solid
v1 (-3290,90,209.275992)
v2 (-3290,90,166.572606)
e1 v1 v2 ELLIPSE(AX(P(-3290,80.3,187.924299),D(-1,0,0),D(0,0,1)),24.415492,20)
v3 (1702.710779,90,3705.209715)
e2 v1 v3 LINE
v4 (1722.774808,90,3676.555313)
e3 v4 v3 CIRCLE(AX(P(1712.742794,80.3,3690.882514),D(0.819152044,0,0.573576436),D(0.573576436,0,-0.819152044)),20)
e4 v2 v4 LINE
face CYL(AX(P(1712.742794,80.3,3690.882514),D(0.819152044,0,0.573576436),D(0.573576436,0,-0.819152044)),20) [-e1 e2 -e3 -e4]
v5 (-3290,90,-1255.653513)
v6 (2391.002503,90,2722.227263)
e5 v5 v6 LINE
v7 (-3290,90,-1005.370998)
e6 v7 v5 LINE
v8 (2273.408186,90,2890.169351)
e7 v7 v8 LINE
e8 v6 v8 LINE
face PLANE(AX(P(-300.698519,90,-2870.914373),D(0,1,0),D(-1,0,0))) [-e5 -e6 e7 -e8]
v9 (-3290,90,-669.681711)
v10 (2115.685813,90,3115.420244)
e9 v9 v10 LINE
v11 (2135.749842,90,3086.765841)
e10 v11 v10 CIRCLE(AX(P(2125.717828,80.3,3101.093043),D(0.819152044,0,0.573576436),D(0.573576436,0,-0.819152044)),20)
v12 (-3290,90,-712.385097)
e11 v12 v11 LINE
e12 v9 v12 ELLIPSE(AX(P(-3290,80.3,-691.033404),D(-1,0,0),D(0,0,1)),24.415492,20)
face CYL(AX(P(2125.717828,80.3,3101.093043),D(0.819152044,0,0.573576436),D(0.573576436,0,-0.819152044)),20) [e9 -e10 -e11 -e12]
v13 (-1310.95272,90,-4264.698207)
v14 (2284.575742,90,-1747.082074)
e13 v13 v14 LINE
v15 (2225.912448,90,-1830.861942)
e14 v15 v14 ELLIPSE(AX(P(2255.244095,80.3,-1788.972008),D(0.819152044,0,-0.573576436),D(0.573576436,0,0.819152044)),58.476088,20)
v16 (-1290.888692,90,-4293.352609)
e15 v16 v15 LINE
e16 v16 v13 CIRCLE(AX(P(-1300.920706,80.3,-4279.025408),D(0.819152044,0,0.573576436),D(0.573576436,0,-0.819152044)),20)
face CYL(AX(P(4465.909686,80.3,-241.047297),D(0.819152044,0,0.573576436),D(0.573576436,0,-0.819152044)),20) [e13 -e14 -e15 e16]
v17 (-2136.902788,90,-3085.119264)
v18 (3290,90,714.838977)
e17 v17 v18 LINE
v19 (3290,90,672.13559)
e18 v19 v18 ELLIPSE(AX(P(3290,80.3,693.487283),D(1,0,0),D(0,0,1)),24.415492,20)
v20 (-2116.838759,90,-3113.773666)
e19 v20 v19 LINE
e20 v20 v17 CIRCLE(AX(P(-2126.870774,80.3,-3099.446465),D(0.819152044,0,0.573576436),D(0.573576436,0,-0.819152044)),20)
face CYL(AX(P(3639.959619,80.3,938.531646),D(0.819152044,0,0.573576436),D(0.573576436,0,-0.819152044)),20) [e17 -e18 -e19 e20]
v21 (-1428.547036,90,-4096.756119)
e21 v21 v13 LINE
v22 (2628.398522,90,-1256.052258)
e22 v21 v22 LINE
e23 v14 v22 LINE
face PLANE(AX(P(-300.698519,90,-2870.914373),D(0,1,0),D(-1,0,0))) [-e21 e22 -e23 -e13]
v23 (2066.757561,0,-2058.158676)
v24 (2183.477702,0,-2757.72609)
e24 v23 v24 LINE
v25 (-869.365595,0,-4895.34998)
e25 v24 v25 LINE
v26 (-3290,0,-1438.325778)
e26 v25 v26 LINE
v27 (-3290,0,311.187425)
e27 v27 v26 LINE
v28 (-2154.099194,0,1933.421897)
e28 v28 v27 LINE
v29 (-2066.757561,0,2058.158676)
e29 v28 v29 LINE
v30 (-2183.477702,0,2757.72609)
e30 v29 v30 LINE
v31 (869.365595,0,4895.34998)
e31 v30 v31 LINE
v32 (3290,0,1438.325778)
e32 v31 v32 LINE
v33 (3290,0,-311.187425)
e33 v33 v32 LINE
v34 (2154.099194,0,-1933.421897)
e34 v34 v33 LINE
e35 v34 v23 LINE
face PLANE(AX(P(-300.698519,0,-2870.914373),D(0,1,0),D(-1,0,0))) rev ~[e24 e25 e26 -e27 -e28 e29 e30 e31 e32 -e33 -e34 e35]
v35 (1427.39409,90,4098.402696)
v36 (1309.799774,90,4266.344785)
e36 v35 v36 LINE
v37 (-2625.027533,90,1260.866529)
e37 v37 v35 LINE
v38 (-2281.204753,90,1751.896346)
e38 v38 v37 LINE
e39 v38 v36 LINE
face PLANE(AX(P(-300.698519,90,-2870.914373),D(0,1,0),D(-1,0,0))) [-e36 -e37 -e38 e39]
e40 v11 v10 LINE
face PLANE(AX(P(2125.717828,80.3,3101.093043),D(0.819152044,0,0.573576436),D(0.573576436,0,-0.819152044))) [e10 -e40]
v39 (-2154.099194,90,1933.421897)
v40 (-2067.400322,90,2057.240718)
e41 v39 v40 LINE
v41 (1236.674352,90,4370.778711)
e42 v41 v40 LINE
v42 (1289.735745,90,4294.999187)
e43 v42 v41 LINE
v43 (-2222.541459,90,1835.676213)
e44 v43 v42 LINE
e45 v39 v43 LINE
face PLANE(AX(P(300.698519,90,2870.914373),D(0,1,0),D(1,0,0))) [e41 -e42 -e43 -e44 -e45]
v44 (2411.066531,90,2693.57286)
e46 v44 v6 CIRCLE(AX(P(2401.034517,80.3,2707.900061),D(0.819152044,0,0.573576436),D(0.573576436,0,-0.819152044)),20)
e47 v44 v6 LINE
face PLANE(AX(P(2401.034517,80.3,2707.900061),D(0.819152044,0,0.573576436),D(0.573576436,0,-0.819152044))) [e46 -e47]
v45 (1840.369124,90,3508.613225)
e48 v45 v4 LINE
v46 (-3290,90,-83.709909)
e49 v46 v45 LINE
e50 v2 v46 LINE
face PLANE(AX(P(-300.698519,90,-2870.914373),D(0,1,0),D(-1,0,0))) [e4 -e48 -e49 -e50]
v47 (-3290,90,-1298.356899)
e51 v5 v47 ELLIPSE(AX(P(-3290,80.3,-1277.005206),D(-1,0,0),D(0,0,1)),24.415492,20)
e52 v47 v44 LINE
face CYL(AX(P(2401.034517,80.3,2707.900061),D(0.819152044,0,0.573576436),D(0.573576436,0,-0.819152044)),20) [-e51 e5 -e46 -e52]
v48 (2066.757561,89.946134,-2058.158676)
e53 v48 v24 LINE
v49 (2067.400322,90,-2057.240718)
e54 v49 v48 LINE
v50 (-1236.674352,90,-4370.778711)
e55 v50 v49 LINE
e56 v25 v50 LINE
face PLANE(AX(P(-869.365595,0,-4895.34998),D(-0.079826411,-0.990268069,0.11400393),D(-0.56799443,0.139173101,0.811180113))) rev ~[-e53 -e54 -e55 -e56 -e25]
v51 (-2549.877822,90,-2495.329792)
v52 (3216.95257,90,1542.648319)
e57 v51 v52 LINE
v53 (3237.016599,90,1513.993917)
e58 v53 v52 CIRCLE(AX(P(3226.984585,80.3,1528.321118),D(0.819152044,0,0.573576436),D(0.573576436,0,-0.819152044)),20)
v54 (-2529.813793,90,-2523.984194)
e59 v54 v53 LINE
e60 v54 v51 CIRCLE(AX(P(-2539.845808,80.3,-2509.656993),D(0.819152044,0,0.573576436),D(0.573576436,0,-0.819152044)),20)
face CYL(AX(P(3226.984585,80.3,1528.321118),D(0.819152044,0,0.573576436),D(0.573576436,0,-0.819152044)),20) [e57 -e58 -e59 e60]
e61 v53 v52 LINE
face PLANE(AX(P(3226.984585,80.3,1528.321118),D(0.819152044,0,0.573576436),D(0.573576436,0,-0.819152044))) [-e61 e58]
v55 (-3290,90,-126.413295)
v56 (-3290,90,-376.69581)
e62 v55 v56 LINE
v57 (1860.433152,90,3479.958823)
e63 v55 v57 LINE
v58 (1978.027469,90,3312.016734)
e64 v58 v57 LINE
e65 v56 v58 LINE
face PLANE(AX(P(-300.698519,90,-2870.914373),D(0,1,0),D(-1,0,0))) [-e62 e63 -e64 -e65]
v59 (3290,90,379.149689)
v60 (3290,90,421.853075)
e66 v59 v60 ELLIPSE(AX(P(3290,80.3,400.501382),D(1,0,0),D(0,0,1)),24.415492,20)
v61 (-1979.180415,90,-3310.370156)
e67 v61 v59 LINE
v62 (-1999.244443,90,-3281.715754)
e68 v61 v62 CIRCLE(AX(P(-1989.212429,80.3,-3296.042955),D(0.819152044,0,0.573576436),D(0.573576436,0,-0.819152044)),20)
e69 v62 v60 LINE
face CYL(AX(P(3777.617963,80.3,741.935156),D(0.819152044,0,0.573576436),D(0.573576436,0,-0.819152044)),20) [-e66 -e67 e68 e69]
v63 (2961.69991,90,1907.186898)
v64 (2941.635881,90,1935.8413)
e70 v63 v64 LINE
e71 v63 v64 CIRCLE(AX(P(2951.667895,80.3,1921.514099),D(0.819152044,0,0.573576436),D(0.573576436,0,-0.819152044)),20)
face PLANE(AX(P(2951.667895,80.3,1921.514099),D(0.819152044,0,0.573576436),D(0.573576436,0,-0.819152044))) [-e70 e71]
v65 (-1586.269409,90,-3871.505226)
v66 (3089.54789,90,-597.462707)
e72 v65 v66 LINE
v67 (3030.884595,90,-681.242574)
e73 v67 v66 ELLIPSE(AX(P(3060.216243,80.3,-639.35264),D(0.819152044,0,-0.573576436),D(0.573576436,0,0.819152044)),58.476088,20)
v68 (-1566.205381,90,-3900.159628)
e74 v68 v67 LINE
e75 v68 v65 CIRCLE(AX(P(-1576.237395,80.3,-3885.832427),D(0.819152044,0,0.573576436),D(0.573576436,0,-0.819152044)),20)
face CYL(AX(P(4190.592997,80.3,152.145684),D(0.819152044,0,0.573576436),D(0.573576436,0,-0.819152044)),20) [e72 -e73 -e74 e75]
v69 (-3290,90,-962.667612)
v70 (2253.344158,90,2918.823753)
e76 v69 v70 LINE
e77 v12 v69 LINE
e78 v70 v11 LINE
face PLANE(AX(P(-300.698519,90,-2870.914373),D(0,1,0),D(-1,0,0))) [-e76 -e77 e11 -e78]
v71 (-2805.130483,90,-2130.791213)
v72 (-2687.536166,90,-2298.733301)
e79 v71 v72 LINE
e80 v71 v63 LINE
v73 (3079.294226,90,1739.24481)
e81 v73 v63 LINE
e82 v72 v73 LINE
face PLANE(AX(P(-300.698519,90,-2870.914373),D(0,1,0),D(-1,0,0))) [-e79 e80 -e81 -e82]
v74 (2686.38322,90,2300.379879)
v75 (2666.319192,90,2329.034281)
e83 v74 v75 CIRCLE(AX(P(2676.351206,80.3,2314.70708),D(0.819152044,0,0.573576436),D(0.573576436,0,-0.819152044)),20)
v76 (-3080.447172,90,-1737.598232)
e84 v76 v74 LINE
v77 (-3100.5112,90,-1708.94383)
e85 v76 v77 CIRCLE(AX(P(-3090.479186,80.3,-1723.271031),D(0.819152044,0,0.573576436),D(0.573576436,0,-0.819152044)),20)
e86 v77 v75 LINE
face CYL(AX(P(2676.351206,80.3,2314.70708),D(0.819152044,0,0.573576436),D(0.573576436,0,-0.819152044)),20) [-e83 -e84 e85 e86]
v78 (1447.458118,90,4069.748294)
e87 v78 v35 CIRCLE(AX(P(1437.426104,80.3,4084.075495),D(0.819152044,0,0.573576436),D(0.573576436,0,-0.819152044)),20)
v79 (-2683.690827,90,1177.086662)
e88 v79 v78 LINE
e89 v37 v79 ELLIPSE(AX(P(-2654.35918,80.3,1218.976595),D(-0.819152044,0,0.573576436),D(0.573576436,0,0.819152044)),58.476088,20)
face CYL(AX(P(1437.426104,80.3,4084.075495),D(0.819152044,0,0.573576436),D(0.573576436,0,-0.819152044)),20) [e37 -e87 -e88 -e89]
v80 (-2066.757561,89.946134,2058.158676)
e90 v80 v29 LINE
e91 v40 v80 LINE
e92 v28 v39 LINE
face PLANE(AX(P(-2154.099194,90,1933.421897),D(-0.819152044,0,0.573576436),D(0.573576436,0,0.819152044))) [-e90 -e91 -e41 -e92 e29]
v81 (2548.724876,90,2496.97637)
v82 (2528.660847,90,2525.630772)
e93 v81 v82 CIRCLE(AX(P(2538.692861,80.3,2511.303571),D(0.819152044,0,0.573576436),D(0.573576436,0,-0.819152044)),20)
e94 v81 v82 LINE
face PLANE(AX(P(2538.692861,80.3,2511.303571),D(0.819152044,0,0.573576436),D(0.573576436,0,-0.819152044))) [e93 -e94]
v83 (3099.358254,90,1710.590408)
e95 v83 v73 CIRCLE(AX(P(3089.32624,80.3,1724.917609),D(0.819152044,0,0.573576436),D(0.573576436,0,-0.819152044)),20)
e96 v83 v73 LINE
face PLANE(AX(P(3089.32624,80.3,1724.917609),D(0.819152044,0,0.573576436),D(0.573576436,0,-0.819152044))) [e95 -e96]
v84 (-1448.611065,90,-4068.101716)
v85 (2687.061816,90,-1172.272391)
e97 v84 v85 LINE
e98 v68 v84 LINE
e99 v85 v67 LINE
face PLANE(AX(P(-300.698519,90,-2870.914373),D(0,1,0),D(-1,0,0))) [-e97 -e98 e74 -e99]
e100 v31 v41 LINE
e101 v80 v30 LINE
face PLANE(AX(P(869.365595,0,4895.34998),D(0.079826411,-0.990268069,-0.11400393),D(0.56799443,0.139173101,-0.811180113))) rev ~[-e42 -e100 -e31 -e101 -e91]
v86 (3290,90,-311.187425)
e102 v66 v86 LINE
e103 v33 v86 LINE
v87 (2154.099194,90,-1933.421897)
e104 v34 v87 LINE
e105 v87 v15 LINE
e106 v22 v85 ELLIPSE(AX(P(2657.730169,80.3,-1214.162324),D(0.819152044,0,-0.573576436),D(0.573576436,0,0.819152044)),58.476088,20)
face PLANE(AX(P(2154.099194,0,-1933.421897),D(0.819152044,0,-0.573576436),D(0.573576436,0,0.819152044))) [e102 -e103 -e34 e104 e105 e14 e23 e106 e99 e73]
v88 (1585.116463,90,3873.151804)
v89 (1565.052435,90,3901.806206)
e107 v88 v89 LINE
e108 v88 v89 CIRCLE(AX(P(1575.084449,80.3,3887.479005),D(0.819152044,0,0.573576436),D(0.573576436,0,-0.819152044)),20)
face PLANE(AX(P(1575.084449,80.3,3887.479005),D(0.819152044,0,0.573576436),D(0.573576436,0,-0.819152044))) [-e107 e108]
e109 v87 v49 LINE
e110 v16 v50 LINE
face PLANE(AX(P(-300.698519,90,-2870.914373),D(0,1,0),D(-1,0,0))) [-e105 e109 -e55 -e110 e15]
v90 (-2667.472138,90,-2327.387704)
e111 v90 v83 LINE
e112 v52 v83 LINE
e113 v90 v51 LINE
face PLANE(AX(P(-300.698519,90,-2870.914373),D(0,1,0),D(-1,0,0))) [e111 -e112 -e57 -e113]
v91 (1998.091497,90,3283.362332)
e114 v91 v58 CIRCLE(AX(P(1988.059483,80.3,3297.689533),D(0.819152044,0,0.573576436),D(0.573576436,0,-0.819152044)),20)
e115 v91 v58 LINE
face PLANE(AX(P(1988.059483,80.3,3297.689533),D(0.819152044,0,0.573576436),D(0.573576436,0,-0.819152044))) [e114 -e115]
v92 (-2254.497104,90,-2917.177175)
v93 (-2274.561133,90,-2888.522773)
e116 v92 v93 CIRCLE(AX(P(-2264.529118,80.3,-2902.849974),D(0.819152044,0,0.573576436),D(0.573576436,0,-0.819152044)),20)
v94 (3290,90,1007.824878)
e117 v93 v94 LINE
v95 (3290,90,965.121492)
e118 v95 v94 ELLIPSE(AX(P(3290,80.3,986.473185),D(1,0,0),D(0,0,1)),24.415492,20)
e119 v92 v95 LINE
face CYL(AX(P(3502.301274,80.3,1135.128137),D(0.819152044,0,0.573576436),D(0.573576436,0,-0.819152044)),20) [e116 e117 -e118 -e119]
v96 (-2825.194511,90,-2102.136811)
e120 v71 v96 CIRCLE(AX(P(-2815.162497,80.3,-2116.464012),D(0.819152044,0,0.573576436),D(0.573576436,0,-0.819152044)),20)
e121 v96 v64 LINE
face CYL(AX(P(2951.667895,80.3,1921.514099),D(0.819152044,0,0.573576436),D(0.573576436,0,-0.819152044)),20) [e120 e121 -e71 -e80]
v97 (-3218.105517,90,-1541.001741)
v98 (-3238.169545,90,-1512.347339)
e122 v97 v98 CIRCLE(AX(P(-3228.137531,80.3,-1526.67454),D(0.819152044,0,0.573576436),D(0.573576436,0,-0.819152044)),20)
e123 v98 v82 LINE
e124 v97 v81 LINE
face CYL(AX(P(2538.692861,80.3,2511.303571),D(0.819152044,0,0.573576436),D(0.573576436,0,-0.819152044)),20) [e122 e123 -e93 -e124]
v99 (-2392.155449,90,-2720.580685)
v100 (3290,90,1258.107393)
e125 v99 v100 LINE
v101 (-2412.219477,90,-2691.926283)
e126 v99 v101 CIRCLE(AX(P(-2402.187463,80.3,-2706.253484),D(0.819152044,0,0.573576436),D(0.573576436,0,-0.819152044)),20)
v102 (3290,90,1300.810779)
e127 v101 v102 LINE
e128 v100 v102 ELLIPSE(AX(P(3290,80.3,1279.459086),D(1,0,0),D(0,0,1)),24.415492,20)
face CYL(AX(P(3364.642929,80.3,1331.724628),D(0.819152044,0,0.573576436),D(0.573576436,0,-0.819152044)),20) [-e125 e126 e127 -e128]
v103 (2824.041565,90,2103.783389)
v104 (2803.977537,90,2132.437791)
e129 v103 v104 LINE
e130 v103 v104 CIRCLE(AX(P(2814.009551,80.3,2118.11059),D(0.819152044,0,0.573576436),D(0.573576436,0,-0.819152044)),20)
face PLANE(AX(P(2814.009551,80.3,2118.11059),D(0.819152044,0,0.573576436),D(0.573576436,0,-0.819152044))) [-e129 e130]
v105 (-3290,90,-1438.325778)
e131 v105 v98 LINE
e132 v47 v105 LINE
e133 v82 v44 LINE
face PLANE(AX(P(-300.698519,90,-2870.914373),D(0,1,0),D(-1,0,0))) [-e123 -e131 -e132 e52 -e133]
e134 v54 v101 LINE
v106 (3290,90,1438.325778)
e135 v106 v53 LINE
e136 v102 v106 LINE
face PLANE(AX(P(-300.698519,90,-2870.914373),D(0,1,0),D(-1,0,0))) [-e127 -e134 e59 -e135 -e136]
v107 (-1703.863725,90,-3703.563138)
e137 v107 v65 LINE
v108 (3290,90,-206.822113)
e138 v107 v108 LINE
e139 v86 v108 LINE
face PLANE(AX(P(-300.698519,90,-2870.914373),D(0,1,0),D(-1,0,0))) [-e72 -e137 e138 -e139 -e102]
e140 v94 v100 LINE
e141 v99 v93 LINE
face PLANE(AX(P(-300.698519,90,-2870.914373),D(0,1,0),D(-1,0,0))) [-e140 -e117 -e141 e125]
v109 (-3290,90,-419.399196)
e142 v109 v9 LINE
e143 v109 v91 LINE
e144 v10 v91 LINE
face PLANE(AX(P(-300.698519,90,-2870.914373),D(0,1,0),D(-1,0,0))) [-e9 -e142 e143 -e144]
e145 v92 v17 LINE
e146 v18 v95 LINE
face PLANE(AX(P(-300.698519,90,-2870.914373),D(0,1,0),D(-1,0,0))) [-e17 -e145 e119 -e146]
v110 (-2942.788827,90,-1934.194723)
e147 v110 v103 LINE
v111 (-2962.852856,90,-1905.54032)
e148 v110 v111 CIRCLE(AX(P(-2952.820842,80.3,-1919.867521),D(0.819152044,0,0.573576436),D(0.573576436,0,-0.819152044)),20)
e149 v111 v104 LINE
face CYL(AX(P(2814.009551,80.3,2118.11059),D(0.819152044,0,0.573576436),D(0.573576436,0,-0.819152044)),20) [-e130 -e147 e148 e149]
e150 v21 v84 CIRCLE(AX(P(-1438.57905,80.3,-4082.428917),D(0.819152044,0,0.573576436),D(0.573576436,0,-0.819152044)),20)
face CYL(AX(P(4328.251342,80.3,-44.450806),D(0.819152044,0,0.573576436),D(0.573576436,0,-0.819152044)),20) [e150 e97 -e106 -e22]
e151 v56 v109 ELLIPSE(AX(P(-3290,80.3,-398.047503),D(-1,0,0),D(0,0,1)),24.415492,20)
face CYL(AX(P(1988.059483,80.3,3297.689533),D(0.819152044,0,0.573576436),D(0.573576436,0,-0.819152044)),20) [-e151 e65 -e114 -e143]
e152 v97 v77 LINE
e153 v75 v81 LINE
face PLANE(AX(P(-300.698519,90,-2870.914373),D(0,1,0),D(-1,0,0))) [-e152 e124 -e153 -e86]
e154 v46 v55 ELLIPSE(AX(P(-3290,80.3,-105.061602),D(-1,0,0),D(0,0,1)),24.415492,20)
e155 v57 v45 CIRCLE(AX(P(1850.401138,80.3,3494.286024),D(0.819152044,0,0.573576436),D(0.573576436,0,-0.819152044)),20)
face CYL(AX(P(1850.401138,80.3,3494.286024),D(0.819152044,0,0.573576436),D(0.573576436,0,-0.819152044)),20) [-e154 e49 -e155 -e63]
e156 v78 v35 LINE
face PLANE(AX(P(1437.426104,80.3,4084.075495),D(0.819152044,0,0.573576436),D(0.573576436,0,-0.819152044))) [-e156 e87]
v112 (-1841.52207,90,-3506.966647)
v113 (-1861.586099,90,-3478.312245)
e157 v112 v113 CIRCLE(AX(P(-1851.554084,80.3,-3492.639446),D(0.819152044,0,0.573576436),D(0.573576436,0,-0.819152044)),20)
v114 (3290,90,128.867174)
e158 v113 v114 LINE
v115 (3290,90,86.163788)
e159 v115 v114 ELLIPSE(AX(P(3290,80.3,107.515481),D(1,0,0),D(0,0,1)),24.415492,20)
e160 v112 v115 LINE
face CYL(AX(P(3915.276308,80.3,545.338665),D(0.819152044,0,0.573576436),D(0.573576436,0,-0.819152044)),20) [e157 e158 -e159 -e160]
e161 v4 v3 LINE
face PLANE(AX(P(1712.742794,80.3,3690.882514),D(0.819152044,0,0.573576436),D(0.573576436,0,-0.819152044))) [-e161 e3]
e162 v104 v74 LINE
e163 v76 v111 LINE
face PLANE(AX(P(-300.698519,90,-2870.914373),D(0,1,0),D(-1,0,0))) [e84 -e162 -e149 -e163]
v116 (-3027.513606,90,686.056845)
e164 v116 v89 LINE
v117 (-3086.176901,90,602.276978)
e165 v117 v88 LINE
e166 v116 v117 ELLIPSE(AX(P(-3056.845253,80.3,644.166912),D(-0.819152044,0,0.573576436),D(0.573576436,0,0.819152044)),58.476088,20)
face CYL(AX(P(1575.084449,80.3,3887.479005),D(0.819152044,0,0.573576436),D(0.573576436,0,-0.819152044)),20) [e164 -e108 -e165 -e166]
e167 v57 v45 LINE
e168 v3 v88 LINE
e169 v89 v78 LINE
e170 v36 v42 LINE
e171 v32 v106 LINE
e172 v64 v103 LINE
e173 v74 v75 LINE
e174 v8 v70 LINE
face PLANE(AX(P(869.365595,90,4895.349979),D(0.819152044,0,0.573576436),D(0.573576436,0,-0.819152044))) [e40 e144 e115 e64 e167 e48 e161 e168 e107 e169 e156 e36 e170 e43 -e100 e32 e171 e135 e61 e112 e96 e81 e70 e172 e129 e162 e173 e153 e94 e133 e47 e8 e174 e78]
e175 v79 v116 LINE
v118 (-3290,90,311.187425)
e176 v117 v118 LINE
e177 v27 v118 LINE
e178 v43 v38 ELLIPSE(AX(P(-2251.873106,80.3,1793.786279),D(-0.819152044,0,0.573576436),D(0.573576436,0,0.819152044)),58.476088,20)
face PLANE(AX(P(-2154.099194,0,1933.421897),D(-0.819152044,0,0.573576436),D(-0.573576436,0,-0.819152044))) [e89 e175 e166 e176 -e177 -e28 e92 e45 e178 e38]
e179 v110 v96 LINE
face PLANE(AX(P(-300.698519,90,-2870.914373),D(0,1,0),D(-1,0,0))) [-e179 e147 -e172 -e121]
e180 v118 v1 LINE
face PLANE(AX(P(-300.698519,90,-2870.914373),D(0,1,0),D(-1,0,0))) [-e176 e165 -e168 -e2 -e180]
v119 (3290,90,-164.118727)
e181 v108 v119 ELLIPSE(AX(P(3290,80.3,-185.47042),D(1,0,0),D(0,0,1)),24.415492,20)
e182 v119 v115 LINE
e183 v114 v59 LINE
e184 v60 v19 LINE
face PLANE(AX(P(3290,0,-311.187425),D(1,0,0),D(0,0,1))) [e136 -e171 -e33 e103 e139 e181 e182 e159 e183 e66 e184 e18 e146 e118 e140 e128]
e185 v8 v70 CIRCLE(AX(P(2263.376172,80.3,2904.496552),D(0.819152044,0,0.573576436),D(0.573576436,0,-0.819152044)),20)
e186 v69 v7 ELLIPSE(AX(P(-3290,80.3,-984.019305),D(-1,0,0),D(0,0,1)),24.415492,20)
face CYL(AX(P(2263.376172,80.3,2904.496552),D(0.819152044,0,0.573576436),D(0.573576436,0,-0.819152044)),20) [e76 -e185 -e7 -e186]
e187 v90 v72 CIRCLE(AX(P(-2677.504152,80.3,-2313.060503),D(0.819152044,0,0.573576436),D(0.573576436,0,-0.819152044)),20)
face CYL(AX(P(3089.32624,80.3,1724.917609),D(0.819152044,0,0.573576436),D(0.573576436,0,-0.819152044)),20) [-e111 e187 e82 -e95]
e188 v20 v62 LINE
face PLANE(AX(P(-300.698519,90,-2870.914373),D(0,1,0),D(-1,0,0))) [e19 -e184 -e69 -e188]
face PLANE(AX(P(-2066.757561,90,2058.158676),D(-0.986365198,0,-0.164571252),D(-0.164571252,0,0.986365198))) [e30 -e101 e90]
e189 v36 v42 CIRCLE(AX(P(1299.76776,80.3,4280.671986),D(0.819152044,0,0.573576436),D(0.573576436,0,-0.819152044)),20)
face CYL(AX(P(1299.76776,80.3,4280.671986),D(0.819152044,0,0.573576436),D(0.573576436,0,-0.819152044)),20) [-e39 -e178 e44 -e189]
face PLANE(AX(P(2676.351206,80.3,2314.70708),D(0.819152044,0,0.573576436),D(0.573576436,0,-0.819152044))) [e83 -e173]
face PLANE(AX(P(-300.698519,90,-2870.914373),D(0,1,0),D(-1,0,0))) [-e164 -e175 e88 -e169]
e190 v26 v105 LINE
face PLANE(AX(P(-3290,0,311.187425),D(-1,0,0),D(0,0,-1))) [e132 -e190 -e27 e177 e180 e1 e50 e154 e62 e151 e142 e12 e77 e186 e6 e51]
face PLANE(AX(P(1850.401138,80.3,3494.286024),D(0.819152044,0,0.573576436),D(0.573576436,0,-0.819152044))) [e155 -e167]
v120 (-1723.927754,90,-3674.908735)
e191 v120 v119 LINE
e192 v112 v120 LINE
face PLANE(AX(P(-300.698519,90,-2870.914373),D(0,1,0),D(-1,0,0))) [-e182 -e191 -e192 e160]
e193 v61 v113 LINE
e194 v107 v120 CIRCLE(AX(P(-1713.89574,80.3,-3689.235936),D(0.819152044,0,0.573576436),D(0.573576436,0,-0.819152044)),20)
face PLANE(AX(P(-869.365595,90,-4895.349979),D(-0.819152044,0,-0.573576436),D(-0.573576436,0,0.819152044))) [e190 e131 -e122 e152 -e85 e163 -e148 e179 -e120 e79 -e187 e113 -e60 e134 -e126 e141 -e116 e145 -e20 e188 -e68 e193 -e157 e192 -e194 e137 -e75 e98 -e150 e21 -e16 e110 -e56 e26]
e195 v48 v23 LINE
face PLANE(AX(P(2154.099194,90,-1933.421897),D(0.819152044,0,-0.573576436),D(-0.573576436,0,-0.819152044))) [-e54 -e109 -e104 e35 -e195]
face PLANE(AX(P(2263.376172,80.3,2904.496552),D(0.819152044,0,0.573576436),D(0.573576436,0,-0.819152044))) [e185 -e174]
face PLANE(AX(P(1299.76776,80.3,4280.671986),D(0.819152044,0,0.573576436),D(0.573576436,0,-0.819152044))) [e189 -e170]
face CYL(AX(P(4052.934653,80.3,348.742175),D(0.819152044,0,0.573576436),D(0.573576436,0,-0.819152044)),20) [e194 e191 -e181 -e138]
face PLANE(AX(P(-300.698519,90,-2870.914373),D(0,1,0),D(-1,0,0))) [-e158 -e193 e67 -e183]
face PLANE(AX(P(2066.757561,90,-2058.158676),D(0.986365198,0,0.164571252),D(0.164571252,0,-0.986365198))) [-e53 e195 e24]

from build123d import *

# Parameters (mm, degrees)
EXTRUDE_1_DEPTH          = 90
EXTRUDE_2_DEPTH          = 90
CUT_EXTRUDE_1_DEPTH      = 7594.314402262
PATTERN_CIRCULAR_2_COUNT = 2
SKETCH_9_R               = 20
EXTRUDE_3_DEPTH          = 8000
PATTERN_LINEAR_1_COUNT   = 24
PATTERN_LINEAR_1_PITCH   = 240
SKETCH_10_W              = 14000
SKETCH_10_H              = 14000
CUT_EXTRUDE_2_DEPTH      = 8000


with BuildPart() as part:
    # 草图2 → 凸台-拉伸1 (new body)
    with BuildSketch(Plane(origin=(0, 0, 0), x_dir=(1, 0, 0), z_dir=(0, 1, 0))):
        Polygon((-2614.527838122, 2403), (1483.472161878, 2403), (2154.099194276, 1933.421896588), (3290, 311.187425036), (3290, -1438.325778405), (2614.527838122, -2403), (-1483.472161878, -2403), (-2154.099194276, -1933.421896588), (-3290, -311.187425036), (-3290, 1438.325778405), align=None)
    extrude(amount=EXTRUDE_1_DEPTH)



with BuildPart() as body_2:
    # 草图5 → 凸台-拉伸2 (new body)
    with BuildSketch(Plane(origin=(0, 90, 0), x_dir=(1, 0, 0), z_dir=(0, 1, 0))):
        Polygon((1236.45451391, -4371.092671119), (2614.527838122, -2403), (-1483.472161878, -2403), (-2154.099194276, -1933.421896588), (-2066.757561129, -2058.158675872), align=None)
        Polygon((869.365594645, -4895.349979464), (1236.45451391, -4371.092671119), (-2066.757561129, -2058.158675872), (-2183.477702067, -2757.726090133), align=None)
    extrude(amount=-EXTRUDE_2_DEPTH)

    # 草图6 → 切除-拉伸1 (cut, through all)
    with BuildSketch(Plane(origin=(2883.415195897, 0, 2018.989055956), x_dir=(0.573576436, 0, -0.819152044), z_dir=(0.819152044, 0, 0.573576436))):
        Polygon((-3511.388323525, 0), (-2871.005048511, 90), (-3511.388323525, 90), align=None)
    extrude(amount=-CUT_EXTRUDE_1_DEPTH, mode=Mode.SUBTRACT)


with BuildPart() as pattern_circular_2_1:
    # 阵列(圆周)2: pattern copy
    add(body_2.part.rotate(Axis((0, 0, 0), (0, 1, 0)), 1 * 360 / PATTERN_CIRCULAR_2_COUNT))


with BuildPart() as part_1:
    add(part.part)

    add(body_2.part)  # 凸台-拉伸3 merges body 2
    # 草图9 → 凸台-拉伸3 (add)
    with BuildSketch(Plane(origin=(2883.415195897, 0, 2018.989055956), x_dir=(0.573576436, 0, -0.819152044), z_dir=(0.819152044, 0, 0.573576436))):
        with Locations((-2761.005048511, 80.3)):
            Circle(SKETCH_9_R)
    extrude_3 = extrude(amount=-EXTRUDE_3_DEPTH)


    add(pattern_circular_2_1.part)  # 阵列(线性)1 merges 阵列(圆周)2_1
    # 阵列(线性)1: 凸台-拉伸3 ×24
    with Locations(*[Vector(0.573576436, 0, -0.819152044) * (i * PATTERN_LINEAR_1_PITCH) for i in range(1, PATTERN_LINEAR_1_COUNT)]):
        add(extrude_3)

    # 草图10 → 切除-拉伸2 (cut)
    with BuildSketch(Plane.XZ):
        Rectangle(SKETCH_10_W, SKETCH_10_H)
        Polygon((2066.757561129, -2058.158675872), (3290, -311.187425036), (3290, 1438.325778405), (869.365594645, 4895.349979464), (-2183.477702067, 2757.726090133), (-2066.757561129, 2058.158675872), (-3290, 311.187425036), (-3290, -1438.325778405), (-869.365594645, -4895.349979464), (2183.477702067, -2757.726090133), align=None, mode=Mode.SUBTRACT)
    extrude(amount=-CUT_EXTRUDE_2_DEPTH, mode=Mode.SUBTRACT)


solid = part_1.part
